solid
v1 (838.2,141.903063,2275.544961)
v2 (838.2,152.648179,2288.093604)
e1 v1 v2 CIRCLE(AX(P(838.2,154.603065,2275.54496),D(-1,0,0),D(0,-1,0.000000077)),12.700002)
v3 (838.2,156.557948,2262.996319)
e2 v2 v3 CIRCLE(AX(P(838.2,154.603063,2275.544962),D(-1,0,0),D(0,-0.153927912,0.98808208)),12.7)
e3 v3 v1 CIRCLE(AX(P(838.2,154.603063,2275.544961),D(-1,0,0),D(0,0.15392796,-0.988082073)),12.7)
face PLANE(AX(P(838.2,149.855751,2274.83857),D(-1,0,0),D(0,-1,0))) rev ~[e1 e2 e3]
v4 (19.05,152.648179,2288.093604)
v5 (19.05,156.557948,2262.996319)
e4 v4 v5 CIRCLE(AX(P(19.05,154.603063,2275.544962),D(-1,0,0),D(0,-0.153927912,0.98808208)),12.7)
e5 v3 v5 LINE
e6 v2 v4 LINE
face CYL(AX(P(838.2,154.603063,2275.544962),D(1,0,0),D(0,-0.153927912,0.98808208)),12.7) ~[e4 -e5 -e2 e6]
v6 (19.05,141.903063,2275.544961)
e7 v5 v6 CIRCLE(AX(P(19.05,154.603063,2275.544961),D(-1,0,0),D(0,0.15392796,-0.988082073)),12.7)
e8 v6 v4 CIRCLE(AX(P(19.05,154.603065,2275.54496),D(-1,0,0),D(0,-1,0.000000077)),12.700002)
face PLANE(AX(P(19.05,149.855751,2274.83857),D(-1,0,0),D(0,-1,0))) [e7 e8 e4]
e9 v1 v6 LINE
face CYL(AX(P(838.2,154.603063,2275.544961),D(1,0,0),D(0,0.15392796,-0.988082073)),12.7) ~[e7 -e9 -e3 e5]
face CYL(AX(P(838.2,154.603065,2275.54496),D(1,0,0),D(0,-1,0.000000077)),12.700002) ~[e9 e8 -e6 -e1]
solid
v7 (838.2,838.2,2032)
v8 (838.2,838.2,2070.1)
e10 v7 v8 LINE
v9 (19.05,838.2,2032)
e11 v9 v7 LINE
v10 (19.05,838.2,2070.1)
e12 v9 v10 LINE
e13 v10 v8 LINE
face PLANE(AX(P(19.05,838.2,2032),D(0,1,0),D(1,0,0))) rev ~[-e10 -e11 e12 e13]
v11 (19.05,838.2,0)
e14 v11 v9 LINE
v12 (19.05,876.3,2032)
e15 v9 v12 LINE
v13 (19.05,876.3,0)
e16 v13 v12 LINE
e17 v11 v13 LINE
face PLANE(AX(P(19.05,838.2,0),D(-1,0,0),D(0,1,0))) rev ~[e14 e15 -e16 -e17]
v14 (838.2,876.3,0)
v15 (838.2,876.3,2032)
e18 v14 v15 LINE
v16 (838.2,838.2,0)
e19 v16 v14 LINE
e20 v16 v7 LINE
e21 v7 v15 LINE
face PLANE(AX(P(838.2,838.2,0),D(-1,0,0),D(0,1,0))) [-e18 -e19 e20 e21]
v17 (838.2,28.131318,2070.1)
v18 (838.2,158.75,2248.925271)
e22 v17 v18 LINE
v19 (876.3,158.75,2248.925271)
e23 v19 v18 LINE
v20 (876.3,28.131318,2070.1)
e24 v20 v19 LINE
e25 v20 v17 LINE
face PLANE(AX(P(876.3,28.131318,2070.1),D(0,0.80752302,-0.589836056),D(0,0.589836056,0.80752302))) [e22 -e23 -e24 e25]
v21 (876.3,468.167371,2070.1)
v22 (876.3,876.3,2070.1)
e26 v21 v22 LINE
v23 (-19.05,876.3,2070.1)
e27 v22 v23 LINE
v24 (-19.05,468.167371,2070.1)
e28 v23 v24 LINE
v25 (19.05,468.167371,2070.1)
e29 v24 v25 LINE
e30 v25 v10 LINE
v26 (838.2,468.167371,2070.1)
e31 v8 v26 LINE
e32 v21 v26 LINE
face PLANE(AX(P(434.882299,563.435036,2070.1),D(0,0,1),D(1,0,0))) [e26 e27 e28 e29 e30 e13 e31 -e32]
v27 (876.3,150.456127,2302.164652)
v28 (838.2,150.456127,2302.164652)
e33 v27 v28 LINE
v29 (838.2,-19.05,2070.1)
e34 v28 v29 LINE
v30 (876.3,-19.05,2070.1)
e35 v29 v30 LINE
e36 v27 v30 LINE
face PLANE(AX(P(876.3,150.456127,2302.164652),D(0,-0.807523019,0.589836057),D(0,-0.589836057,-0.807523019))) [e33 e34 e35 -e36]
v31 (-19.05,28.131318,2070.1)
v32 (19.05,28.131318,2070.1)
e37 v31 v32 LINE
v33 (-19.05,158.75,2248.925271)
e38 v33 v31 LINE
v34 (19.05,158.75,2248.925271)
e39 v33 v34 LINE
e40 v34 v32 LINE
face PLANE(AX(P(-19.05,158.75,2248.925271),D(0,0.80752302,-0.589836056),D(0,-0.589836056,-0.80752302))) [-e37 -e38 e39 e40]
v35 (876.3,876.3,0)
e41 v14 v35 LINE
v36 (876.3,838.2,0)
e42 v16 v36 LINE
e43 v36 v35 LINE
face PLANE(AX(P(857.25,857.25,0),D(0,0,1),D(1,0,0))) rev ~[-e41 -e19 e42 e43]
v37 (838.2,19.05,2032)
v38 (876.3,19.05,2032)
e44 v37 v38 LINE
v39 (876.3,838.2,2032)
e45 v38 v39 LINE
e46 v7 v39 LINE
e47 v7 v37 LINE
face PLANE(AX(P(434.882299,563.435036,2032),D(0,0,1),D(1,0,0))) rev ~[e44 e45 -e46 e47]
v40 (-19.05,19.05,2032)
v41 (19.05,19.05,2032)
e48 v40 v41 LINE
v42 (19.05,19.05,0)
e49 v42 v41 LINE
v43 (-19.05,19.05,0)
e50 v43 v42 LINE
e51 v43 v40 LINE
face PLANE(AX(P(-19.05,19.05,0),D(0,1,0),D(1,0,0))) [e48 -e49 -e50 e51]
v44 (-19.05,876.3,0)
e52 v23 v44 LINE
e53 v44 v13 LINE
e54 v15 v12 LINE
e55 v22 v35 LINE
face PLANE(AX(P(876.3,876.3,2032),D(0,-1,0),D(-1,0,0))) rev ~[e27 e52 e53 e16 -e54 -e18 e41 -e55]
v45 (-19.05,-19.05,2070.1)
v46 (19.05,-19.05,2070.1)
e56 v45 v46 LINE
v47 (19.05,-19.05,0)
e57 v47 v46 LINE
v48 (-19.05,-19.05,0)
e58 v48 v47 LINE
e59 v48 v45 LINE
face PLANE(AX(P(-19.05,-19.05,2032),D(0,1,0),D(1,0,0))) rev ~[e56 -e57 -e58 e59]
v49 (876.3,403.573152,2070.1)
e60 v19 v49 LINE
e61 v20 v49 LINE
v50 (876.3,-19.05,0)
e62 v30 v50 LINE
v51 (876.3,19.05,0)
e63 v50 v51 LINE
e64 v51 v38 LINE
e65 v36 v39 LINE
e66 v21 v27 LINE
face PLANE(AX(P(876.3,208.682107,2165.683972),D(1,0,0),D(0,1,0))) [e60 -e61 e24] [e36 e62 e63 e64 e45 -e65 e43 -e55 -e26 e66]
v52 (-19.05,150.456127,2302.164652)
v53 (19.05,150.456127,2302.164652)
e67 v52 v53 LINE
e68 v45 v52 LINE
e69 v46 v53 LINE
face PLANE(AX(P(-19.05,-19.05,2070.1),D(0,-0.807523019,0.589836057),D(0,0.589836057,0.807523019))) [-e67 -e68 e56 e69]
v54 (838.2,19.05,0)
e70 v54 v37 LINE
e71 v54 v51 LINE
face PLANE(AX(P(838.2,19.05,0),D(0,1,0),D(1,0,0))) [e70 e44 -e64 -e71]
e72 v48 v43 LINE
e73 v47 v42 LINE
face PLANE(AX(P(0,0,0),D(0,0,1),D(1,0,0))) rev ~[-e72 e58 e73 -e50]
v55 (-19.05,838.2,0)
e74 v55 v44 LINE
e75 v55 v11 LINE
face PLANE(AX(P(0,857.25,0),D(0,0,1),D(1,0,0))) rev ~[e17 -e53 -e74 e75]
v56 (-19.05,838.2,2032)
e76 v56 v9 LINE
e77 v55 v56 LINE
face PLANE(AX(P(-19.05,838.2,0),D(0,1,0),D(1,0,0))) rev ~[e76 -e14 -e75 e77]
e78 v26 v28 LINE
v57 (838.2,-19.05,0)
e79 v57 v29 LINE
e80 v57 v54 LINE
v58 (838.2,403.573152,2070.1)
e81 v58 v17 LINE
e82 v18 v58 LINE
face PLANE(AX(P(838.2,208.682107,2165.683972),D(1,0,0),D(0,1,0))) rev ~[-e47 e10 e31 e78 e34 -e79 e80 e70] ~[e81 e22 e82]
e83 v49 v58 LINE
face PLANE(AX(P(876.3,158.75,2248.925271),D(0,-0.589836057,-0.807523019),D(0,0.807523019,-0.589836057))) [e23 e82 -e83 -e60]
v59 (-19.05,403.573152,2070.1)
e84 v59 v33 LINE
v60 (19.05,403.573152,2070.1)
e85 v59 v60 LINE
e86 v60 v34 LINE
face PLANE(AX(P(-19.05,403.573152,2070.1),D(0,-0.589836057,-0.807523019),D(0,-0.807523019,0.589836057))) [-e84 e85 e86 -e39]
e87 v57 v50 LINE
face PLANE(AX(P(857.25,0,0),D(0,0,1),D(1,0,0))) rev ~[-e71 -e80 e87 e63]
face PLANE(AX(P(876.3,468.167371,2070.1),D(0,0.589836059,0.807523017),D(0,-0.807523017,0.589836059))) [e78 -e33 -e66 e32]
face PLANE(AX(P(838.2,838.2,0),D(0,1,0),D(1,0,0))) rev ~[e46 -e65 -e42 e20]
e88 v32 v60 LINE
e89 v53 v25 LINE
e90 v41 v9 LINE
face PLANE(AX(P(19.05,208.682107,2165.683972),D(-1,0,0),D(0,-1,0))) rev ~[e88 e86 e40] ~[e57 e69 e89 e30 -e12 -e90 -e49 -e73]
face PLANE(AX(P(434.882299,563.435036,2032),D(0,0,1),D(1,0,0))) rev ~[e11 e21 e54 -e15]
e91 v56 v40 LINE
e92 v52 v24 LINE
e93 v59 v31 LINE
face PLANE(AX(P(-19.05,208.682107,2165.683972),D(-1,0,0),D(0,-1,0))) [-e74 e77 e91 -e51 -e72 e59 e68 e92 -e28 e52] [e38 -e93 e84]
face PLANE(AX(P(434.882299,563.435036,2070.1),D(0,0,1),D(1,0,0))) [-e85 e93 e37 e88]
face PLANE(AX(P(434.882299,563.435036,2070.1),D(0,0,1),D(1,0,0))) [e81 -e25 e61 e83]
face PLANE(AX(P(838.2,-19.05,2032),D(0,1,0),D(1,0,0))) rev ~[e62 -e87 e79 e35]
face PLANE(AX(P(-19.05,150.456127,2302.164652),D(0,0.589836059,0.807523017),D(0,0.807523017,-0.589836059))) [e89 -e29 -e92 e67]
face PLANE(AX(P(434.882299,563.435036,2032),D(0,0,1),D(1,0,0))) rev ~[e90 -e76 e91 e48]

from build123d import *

# Parameters (mm, degrees)
F0_W     = 38.1
F0_H     = 38.1
F1_DEPTH = 2032
F2_W     = 38.1
F2_H     = 38.1
F3_DEPTH = 38.1
F5_DEPTH = 38.1
F7_DEPTH = 38.1
F9_DEPTH = 819.15


with BuildPart() as f1:
    # F0 (on Top) → F1 (new body)
    with BuildSketch(Plane.XY):
        with Locations((0, 857.25)):
            Rectangle(F0_W, F0_H)
        with Locations((857.25, 857.25)):
            Rectangle(F0_W, F0_H)
        Rectangle(F0_W, F0_H)
        with Locations((857.25, 0)):
            Rectangle(F0_W, F0_H)
    extrude(amount=F1_DEPTH)

    # F2 (on face) → F3 (join)
    with BuildSketch(Plane.XY.offset(2032)):
        Polygon((-19.05, 876.3), (-19.05, 19.05), (19.05, 19.05), (19.05, 838.2), (838.2, 838.2), (838.2, -19.05), (876.3, -19.05), (876.3, 876.3), align=None)
        Rectangle(F2_W, F2_H)
    extrude(amount=F3_DEPTH)

    # F4 (on face) → F5 (join)
    with BuildSketch(Plane(origin=(-19.05, 0, 0), x_dir=(0, -1, 0), z_dir=(-1, 0, 0))):
        Polygon((-28.131318, 2070.1), (19.05, 2070.1), (-150.456127, 2302.164652), (-468.167371, 2070.1), (-403.573152, 2070.1), (-158.75, 2248.925271), align=None)
    extrude(amount=-F5_DEPTH)

    # F6 (on face) → F7 (join, through all)
    with BuildSketch(Plane.YZ.offset(876.3)):
        Polygon((468.167371, 2070.1), (150.456127, 2302.164652), (-19.05, 2070.1), (28.131318, 2070.1), (158.75, 2248.925271), (403.573152, 2070.1), align=None)
    extrude(amount=-F7_DEPTH)


with BuildPart() as f9:
    # F8 (on face) → F9 (new body, through all)
    with BuildSketch(Plane(origin=(838.2, 0, 0), x_dir=(0, -1, 0), z_dir=(-1, 0, 0))):
        with BuildLine():
            ThreePointArc((-156.557948, 2262.996319), (-146.342828, 2265.898277), (-141.903063, 2275.544961))
            ThreePointArc((-141.903063, 2275.544961), (-144.956379, 2283.805196), (-152.648179, 2288.093604))
            Line((-152.648179, 2288.093604), (-156.557948, 2262.996319))
        make_face()
        with BuildLine():
            Line((-156.557948, 2262.996319), (-152.648179, 2288.093604))
            ThreePointArc((-152.648179, 2288.093604), (-167.151706, 2277.499846), (-156.557948, 2262.996319))
        make_face()
    extrude(amount=F9_DEPTH)


solid = Compound([f1.part, f9.part])
